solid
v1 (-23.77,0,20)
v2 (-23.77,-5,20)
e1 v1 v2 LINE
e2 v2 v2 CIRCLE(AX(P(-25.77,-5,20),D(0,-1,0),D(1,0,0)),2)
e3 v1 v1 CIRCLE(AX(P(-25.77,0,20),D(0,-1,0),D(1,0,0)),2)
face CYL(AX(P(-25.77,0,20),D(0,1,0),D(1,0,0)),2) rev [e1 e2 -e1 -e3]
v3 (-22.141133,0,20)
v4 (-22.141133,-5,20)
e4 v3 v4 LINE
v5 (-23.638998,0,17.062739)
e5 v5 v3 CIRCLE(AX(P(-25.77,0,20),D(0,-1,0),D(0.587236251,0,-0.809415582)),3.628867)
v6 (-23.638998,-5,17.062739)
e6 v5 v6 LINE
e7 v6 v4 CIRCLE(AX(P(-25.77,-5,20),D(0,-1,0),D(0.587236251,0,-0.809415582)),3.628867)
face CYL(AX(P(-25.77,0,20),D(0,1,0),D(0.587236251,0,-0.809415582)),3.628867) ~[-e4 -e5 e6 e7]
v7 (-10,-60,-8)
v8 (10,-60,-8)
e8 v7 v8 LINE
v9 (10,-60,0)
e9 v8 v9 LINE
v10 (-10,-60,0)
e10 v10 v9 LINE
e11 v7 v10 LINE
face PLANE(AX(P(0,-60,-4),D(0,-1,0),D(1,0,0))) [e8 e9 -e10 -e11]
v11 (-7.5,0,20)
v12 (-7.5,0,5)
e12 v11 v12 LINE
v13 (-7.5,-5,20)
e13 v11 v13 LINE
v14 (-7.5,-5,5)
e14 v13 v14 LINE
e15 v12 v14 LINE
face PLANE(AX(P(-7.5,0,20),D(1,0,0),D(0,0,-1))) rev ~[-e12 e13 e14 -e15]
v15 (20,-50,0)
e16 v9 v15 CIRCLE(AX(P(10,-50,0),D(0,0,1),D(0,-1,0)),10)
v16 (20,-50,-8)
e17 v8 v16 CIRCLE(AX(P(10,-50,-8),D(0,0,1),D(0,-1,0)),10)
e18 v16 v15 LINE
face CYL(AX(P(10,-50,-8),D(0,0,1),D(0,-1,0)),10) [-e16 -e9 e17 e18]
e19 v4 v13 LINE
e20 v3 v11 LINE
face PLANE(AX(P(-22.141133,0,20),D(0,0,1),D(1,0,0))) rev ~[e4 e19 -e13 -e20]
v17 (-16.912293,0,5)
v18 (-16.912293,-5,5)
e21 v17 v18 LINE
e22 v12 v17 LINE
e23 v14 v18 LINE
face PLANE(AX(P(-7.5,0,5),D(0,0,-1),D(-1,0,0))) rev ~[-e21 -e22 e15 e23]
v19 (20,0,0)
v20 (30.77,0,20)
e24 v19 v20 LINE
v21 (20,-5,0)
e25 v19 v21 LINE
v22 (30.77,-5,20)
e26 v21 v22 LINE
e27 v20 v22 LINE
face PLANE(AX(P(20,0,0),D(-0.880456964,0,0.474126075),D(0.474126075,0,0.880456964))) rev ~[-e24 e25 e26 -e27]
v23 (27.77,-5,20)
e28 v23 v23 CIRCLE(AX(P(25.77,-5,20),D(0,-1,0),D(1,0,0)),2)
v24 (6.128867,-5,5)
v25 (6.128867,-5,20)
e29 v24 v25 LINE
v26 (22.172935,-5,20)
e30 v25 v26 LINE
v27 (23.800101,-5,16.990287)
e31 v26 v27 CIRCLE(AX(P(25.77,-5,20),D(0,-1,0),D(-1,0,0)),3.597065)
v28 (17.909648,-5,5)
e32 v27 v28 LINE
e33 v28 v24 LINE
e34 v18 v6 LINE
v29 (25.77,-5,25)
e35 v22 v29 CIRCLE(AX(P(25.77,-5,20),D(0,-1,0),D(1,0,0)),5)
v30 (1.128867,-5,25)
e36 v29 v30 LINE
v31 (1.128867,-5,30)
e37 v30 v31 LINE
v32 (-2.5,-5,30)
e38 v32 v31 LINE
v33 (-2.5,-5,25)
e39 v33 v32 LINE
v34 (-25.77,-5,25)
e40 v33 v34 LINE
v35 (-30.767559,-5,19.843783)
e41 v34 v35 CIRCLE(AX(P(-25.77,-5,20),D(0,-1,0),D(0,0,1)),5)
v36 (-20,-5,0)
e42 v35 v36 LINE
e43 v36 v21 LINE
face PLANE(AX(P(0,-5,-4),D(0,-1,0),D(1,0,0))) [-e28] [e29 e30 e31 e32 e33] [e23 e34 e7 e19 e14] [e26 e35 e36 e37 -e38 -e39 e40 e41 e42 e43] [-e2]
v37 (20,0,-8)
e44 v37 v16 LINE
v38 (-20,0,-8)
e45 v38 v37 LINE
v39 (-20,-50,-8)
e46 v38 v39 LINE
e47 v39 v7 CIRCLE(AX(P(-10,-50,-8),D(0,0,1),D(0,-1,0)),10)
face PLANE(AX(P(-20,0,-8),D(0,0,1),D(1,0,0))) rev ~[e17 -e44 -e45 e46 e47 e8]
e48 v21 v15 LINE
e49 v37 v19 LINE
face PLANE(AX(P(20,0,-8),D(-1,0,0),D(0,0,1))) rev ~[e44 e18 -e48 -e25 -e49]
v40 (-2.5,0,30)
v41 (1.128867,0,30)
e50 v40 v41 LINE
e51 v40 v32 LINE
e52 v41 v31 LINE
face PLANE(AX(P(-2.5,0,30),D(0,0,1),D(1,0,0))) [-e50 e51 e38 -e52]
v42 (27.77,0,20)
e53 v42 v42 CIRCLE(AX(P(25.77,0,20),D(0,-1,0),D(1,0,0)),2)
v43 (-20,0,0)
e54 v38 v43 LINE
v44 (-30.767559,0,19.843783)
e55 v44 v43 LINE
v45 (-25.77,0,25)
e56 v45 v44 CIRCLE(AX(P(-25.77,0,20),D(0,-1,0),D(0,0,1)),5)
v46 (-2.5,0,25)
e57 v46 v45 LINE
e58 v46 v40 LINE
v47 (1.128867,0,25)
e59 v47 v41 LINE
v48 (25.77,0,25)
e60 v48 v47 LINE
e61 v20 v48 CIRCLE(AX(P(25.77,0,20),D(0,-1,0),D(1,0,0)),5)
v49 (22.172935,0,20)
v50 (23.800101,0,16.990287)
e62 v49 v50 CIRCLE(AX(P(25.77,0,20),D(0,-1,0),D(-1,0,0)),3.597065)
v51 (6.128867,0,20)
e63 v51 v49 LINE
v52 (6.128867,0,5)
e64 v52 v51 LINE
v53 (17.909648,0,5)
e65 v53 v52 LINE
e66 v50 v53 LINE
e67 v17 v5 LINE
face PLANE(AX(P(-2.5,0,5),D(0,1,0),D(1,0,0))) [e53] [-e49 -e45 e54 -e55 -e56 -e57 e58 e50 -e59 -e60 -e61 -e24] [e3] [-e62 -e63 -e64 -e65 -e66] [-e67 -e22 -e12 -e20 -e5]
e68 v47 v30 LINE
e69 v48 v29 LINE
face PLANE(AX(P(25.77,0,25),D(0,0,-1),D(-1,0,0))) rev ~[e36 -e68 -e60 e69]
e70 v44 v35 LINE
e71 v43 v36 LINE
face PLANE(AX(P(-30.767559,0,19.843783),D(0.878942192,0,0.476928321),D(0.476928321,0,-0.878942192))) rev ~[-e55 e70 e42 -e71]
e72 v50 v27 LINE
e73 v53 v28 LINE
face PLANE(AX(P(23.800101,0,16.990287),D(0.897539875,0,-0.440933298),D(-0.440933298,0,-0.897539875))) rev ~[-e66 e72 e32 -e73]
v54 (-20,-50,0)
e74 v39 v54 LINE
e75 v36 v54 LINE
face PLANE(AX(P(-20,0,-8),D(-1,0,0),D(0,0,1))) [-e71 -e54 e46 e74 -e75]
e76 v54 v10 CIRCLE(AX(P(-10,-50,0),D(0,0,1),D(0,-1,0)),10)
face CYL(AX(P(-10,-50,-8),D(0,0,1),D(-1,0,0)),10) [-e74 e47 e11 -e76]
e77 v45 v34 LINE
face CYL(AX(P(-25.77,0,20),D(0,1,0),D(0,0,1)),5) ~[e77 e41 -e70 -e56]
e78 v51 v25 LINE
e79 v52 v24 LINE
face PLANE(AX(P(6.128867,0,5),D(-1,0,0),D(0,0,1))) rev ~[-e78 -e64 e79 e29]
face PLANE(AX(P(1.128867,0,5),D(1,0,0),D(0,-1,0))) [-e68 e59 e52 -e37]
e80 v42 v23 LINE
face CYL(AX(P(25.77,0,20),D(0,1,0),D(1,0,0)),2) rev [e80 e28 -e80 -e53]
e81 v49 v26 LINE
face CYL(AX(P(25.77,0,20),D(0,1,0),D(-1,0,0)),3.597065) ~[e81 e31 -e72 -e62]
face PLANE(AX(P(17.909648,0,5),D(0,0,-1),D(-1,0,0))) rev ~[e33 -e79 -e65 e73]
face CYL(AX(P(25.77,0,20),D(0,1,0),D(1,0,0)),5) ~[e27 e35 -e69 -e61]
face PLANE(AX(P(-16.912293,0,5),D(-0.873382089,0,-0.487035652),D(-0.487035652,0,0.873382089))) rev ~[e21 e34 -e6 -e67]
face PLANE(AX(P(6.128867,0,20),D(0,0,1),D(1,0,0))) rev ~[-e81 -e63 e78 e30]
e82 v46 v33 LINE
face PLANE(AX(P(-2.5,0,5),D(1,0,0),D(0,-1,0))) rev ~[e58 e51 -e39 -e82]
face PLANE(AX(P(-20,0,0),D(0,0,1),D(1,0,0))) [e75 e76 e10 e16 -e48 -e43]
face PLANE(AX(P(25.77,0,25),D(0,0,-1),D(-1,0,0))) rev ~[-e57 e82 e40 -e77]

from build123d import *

# Parameters (mm, degrees)
F0_W      = 40
F0_H      = 8
F1_DEPTH  = 60
F0_W_2    = 3.6288669872
F0_H_2    = 15
F0_R      = 2
F1_FACE_W = 40
F1_FACE_H = 8
F2_DEPTH  = 5
F3_R      = 10
F4_R      = 10
F5_DEPTH  = 25


with BuildPart() as f1:
    # F0 (on Front) → F1 (new body)
    with BuildSketch(Plane.XZ):
        with Locations((0, -4)):
            Rectangle(F0_W, F0_H)
    extrude(amount=F1_DEPTH)

    # F0 (on Front) + F1_face (on face) → F2 (join)
    with BuildSketch(Plane.XZ):
        with Locations((0, -4)):
            Rectangle(F0_W, F0_H)
        with BuildLine():
            Line((-30.7675590175, 19.8437826291), (-20, 0))
            Line((-20, 0), (20, 0))
            Line((20, 0), (30.77, 20))
            ThreePointArc((30.77, 20), (29.3055339059, 23.5355339059), (25.77, 25))
            Line((25.77, 25), (-25.77, 25))
            ThreePointArc((-25.77, 25), (-29.3603402941, 23.4798644475), (-30.7675590175, 19.8437826291))
        make_face()
        with BuildLine():
            ThreePointArc((-23.6389977535, 17.0627385142), (-22.5372148762, 18.3514321505), (-22.1411330128, 20))
            Line((-22.1411330128, 20), (-7.5, 20))
            Line((-7.5, 20), (-7.5, 5))
            Line((-7.5, 5), (-16.9122926891, 5))
            Line((-16.9122926891, 5), (-23.6389977535, 17.0627385142))
        make_face(mode=Mode.SUBTRACT)
        with Locations((-0.6855665064, 12.5)):
            Rectangle(F0_W_2, F0_H_2, mode=Mode.SUBTRACT)
        with Locations((-25.77, 20)):
            Circle(F0_R, mode=Mode.SUBTRACT)
        with BuildLine():
            Line((6.1288669872, 5), (6.1288669872, 20))
            Line((6.1288669872, 20), (22.1729351457, 20))
            ThreePointArc((22.1729351457, 20), (22.6057679037, 18.2892952308), (23.8001011411, 16.9902867159))
            Line((23.8001011411, 16.9902867159), (17.9096478969, 5))
            Line((17.9096478969, 5), (6.1288669872, 5))
        make_face(mode=Mode.SUBTRACT)
        with Locations((25.77, 20)):
            Circle(F0_R, mode=Mode.SUBTRACT)
    with BuildSketch(Plane(origin=(0, 0, -4), x_dir=(1, 0, 0), z_dir=(0, 1, 0))):
        Rectangle(F1_FACE_W, F1_FACE_H)
    extrude(amount=F2_DEPTH, dir=(0, -1, 0))

    # F3
    f3_edges = [f1.edges().sort_by_distance(p)[0] for p in [
        (-20, -60, -4),
    ]]
    fillet(f3_edges, radius=F3_R)

    # F4
    f4_edges = [f1.edges().sort_by_distance(p)[0] for p in [
        (20, -60, -4),
    ]]
    fillet(f4_edges, radius=F4_R)

    # F5 (add): a face of the model
    f5_faces = [f1.faces().sort_by_distance(p)[0] for p in [
        (-0.6855665064, -2.5, 5),
    ]]
    extrude(f5_faces, amount=F5_DEPTH)


solid = f1.part
